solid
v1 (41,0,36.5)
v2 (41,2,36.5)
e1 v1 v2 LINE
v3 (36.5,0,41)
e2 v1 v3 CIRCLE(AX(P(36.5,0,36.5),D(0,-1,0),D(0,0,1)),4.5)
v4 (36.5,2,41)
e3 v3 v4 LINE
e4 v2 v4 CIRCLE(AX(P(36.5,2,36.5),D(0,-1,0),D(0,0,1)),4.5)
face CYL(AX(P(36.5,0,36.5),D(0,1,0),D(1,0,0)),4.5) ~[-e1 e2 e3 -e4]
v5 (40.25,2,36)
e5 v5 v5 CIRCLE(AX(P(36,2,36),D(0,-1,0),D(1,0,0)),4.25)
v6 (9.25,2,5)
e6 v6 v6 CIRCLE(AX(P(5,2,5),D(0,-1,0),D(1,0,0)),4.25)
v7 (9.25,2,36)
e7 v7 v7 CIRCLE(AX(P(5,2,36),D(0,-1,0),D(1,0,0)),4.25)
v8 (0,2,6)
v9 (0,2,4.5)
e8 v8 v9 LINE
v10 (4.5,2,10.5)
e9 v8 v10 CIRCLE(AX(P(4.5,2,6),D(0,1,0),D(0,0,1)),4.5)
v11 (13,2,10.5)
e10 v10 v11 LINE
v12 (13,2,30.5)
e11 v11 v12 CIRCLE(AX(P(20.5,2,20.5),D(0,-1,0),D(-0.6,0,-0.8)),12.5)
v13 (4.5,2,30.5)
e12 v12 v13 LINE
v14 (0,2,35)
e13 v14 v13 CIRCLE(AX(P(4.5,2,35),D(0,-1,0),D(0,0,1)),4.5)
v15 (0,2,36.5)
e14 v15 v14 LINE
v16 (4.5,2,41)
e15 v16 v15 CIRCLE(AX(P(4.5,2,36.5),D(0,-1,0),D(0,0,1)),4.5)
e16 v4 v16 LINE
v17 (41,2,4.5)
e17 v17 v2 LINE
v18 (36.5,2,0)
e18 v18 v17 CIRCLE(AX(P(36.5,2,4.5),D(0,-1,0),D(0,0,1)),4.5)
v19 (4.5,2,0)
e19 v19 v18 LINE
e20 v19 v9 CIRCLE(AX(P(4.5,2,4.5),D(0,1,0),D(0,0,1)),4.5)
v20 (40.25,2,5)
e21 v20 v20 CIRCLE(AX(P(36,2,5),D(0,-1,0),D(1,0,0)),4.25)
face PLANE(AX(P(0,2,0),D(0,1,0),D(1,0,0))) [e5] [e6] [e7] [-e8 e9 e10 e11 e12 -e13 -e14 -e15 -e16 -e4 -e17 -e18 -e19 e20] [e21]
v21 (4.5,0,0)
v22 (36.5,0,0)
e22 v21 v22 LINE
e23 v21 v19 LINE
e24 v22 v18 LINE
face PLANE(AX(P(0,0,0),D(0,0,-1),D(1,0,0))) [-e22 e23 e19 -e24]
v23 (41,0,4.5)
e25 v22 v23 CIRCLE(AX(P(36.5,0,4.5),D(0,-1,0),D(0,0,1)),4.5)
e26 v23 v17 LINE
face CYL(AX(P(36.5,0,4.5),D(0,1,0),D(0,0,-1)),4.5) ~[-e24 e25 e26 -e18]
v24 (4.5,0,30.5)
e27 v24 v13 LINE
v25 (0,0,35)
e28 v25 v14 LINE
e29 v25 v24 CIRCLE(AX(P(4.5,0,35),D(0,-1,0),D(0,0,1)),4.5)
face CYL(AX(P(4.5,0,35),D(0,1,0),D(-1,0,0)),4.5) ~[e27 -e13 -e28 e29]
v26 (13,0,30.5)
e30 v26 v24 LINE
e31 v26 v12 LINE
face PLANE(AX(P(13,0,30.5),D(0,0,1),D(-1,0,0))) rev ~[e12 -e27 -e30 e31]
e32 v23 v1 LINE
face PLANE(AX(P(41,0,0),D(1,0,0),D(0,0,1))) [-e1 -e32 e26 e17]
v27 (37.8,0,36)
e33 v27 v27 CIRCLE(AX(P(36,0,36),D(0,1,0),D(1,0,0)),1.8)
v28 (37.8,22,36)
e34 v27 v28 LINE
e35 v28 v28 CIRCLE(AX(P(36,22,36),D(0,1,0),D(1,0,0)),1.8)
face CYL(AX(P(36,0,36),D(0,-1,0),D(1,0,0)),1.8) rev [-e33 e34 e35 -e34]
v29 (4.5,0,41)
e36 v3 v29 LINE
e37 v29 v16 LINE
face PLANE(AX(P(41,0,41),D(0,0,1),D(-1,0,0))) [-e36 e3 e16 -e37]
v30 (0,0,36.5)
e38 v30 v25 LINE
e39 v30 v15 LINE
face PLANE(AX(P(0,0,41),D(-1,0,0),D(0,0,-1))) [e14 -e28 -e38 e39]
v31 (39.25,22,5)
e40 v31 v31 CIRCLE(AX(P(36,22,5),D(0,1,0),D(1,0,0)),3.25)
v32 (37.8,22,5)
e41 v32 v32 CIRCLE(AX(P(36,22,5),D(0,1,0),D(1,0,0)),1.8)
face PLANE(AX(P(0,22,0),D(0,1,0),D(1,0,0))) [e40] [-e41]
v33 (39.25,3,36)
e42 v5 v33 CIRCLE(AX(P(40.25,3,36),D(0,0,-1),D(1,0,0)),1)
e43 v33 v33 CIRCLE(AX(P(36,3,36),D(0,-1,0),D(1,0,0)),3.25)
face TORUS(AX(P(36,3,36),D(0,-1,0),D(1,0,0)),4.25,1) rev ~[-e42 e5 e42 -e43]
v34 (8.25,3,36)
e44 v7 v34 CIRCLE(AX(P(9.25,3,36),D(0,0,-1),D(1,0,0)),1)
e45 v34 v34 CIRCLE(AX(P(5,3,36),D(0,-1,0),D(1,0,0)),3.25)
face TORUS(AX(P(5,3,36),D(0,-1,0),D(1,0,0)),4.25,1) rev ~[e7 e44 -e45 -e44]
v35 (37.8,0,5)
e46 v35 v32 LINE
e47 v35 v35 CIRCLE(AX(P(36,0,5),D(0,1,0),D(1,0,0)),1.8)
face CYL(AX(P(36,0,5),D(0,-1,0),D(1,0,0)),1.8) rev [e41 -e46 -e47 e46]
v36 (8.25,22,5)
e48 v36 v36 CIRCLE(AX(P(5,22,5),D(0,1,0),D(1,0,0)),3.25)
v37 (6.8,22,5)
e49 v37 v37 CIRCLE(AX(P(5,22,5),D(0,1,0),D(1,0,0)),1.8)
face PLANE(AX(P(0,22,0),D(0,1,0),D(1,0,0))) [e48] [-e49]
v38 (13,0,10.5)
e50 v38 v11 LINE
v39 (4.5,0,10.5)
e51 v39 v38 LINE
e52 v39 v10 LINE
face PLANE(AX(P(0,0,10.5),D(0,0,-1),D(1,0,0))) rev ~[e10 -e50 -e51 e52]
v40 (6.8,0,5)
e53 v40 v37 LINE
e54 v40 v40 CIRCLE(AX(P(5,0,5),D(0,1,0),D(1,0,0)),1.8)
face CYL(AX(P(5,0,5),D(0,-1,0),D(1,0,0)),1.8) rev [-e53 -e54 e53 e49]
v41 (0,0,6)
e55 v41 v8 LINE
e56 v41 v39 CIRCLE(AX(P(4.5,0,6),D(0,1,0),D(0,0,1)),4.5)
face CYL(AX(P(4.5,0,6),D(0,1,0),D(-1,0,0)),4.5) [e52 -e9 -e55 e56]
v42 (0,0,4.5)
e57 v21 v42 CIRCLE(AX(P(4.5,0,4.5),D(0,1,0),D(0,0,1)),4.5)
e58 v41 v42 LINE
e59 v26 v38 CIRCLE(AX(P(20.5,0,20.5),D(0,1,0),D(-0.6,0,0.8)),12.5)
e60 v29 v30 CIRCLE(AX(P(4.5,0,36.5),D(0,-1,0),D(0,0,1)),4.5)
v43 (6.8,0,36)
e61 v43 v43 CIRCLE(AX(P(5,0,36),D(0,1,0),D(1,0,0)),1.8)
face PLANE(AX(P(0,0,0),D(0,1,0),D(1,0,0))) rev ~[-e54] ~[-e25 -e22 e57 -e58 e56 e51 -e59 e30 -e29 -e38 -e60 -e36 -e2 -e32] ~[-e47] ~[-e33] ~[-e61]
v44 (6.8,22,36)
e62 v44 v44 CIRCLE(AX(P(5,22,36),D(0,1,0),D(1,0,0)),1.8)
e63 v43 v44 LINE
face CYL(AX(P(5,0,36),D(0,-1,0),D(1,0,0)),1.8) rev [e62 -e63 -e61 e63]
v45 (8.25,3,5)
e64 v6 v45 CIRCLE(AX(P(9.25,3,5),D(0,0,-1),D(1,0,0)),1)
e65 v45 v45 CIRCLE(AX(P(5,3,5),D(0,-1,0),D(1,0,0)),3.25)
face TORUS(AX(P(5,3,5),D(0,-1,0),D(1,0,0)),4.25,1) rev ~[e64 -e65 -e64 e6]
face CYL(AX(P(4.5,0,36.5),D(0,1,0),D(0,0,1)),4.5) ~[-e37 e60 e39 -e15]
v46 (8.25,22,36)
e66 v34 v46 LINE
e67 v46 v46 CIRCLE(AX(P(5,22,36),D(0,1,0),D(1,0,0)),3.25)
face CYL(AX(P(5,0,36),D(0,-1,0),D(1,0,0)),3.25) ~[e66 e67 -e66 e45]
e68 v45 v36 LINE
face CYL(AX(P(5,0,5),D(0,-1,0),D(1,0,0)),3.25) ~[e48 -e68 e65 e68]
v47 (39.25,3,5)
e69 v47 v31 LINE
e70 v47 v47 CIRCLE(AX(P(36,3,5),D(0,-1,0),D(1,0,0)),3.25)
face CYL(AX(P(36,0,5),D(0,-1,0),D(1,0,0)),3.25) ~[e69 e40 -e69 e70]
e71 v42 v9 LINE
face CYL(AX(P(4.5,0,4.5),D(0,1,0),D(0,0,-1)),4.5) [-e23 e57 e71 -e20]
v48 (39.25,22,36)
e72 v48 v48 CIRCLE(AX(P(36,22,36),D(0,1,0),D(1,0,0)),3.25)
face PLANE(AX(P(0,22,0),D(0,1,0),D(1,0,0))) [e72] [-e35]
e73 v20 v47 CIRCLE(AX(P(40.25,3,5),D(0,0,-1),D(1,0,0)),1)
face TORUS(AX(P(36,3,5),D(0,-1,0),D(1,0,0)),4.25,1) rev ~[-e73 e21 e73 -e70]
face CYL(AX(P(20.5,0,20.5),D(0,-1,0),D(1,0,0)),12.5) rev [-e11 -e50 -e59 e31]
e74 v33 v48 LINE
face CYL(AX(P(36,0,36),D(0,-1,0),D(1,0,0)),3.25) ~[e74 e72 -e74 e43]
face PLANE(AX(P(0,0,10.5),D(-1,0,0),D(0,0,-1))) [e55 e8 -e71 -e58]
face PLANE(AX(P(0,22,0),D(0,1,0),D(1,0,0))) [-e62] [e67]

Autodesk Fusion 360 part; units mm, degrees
sketch "Sketch1" plane through (0, 0, 0) normal (0, 1, 0) x (1, 0, 0)
  line L0 (0, 0) -> (41, 0)
  line L1 (41, 0) -> (41, -41)
  line L2 (41, -41) -> (0, -41)
  line L3 (0, -41) -> (0, 0)
  line L4 (0, -20.5) -> (41, -20.5) construction
  line L5 (20.5, 0) -> (20.5, -41) construction
  circle A0 centre (20.5, -20.5) radius 12.5
  line L6 (36, -36) -> (5, -36) construction
  line L7 (5, -36) -> (5, -5) construction
  line L8 (5, -5) -> (36, -5) construction
  line L9 (36, -5) -> (36, -36) construction
  line L10 (36, -36) -> (5, -5) construction
  line L11 (5, -36) -> (36, -5) construction
  circle A1 centre (5, -36) radius 1.8
  circle A2 centre (36, -36) radius 1.8
  circle A3 centre (36, -5) radius 1.8
  circle A4 centre (5, -5) radius 1.8
  circle A5 centre (5, -36) radius 3.25
  circle A6 centre (36, -36) radius 3.25
  circle A7 centre (36, -5) radius 3.25
  circle A8 centre (5, -5) radius 3.25
  line L12 (0, -10.5) -> (13, -10.5)
  line L13 (13, -30.5) -> (0, -30.5)
  point P0 (20.5, -20.5)
  dimension "d1" = 31
  dimension "d2" = 31
  dimension "d3" = 25
  dimension "d4" = 3.6
  dimension "d5" = 3.6
  dimension "d6" = 3.6
  dimension "d7" = 3.6
  dimension "d8" = 6.5
  dimension "d9" = 6.5
  dimension "d10" = 6.5
  dimension "d11" = 6.5
  dimension "d12" = 41
  dimension "d13" = 10
  dimension "d14" = 10
extrude "Extrude1" add sketch "Sketch1" along normal blind 2 contours L0 L1 L2 L3 A0 L12 L13 | A5 | A6 | A7 | A8
extrude "Extrude2" add sketch "Sketch1" along normal blind 22 contours A5 | A6 | A7 | A8
ref_plane "WorkPlane1" through (20.5, 1, 20.5) normal (0, 0, 1) x (1, 0, 0)
fillet "Fillet1" radius 1 4 edges at (32.9699, 2, 34.8247) (32.9699, 2, 3.8247) (1.9699, 2, 3.8247) (1.9699, 2, 34.8247)
fillet "Fillet2" radius 4.5 6 edges at (41, 1, 0) (41, 1, 41) (0, 1, 0) (0, 1, 41) (0, 1, 10.5) (0, 1, 30.5)
equation "d2 = d1"
equation "d5 = d4"
equation "d6 = d5"
equation "d7 = d4"
equation "d9 = d8"
equation "d10 = d8"
equation "d11 = d8"
equation "d14 = d13"
equation "Hoogte = 22 mm"
equation "d18 = Hoogte"
equation "d20 = ( -41 / 2 ) * 1 mm"
